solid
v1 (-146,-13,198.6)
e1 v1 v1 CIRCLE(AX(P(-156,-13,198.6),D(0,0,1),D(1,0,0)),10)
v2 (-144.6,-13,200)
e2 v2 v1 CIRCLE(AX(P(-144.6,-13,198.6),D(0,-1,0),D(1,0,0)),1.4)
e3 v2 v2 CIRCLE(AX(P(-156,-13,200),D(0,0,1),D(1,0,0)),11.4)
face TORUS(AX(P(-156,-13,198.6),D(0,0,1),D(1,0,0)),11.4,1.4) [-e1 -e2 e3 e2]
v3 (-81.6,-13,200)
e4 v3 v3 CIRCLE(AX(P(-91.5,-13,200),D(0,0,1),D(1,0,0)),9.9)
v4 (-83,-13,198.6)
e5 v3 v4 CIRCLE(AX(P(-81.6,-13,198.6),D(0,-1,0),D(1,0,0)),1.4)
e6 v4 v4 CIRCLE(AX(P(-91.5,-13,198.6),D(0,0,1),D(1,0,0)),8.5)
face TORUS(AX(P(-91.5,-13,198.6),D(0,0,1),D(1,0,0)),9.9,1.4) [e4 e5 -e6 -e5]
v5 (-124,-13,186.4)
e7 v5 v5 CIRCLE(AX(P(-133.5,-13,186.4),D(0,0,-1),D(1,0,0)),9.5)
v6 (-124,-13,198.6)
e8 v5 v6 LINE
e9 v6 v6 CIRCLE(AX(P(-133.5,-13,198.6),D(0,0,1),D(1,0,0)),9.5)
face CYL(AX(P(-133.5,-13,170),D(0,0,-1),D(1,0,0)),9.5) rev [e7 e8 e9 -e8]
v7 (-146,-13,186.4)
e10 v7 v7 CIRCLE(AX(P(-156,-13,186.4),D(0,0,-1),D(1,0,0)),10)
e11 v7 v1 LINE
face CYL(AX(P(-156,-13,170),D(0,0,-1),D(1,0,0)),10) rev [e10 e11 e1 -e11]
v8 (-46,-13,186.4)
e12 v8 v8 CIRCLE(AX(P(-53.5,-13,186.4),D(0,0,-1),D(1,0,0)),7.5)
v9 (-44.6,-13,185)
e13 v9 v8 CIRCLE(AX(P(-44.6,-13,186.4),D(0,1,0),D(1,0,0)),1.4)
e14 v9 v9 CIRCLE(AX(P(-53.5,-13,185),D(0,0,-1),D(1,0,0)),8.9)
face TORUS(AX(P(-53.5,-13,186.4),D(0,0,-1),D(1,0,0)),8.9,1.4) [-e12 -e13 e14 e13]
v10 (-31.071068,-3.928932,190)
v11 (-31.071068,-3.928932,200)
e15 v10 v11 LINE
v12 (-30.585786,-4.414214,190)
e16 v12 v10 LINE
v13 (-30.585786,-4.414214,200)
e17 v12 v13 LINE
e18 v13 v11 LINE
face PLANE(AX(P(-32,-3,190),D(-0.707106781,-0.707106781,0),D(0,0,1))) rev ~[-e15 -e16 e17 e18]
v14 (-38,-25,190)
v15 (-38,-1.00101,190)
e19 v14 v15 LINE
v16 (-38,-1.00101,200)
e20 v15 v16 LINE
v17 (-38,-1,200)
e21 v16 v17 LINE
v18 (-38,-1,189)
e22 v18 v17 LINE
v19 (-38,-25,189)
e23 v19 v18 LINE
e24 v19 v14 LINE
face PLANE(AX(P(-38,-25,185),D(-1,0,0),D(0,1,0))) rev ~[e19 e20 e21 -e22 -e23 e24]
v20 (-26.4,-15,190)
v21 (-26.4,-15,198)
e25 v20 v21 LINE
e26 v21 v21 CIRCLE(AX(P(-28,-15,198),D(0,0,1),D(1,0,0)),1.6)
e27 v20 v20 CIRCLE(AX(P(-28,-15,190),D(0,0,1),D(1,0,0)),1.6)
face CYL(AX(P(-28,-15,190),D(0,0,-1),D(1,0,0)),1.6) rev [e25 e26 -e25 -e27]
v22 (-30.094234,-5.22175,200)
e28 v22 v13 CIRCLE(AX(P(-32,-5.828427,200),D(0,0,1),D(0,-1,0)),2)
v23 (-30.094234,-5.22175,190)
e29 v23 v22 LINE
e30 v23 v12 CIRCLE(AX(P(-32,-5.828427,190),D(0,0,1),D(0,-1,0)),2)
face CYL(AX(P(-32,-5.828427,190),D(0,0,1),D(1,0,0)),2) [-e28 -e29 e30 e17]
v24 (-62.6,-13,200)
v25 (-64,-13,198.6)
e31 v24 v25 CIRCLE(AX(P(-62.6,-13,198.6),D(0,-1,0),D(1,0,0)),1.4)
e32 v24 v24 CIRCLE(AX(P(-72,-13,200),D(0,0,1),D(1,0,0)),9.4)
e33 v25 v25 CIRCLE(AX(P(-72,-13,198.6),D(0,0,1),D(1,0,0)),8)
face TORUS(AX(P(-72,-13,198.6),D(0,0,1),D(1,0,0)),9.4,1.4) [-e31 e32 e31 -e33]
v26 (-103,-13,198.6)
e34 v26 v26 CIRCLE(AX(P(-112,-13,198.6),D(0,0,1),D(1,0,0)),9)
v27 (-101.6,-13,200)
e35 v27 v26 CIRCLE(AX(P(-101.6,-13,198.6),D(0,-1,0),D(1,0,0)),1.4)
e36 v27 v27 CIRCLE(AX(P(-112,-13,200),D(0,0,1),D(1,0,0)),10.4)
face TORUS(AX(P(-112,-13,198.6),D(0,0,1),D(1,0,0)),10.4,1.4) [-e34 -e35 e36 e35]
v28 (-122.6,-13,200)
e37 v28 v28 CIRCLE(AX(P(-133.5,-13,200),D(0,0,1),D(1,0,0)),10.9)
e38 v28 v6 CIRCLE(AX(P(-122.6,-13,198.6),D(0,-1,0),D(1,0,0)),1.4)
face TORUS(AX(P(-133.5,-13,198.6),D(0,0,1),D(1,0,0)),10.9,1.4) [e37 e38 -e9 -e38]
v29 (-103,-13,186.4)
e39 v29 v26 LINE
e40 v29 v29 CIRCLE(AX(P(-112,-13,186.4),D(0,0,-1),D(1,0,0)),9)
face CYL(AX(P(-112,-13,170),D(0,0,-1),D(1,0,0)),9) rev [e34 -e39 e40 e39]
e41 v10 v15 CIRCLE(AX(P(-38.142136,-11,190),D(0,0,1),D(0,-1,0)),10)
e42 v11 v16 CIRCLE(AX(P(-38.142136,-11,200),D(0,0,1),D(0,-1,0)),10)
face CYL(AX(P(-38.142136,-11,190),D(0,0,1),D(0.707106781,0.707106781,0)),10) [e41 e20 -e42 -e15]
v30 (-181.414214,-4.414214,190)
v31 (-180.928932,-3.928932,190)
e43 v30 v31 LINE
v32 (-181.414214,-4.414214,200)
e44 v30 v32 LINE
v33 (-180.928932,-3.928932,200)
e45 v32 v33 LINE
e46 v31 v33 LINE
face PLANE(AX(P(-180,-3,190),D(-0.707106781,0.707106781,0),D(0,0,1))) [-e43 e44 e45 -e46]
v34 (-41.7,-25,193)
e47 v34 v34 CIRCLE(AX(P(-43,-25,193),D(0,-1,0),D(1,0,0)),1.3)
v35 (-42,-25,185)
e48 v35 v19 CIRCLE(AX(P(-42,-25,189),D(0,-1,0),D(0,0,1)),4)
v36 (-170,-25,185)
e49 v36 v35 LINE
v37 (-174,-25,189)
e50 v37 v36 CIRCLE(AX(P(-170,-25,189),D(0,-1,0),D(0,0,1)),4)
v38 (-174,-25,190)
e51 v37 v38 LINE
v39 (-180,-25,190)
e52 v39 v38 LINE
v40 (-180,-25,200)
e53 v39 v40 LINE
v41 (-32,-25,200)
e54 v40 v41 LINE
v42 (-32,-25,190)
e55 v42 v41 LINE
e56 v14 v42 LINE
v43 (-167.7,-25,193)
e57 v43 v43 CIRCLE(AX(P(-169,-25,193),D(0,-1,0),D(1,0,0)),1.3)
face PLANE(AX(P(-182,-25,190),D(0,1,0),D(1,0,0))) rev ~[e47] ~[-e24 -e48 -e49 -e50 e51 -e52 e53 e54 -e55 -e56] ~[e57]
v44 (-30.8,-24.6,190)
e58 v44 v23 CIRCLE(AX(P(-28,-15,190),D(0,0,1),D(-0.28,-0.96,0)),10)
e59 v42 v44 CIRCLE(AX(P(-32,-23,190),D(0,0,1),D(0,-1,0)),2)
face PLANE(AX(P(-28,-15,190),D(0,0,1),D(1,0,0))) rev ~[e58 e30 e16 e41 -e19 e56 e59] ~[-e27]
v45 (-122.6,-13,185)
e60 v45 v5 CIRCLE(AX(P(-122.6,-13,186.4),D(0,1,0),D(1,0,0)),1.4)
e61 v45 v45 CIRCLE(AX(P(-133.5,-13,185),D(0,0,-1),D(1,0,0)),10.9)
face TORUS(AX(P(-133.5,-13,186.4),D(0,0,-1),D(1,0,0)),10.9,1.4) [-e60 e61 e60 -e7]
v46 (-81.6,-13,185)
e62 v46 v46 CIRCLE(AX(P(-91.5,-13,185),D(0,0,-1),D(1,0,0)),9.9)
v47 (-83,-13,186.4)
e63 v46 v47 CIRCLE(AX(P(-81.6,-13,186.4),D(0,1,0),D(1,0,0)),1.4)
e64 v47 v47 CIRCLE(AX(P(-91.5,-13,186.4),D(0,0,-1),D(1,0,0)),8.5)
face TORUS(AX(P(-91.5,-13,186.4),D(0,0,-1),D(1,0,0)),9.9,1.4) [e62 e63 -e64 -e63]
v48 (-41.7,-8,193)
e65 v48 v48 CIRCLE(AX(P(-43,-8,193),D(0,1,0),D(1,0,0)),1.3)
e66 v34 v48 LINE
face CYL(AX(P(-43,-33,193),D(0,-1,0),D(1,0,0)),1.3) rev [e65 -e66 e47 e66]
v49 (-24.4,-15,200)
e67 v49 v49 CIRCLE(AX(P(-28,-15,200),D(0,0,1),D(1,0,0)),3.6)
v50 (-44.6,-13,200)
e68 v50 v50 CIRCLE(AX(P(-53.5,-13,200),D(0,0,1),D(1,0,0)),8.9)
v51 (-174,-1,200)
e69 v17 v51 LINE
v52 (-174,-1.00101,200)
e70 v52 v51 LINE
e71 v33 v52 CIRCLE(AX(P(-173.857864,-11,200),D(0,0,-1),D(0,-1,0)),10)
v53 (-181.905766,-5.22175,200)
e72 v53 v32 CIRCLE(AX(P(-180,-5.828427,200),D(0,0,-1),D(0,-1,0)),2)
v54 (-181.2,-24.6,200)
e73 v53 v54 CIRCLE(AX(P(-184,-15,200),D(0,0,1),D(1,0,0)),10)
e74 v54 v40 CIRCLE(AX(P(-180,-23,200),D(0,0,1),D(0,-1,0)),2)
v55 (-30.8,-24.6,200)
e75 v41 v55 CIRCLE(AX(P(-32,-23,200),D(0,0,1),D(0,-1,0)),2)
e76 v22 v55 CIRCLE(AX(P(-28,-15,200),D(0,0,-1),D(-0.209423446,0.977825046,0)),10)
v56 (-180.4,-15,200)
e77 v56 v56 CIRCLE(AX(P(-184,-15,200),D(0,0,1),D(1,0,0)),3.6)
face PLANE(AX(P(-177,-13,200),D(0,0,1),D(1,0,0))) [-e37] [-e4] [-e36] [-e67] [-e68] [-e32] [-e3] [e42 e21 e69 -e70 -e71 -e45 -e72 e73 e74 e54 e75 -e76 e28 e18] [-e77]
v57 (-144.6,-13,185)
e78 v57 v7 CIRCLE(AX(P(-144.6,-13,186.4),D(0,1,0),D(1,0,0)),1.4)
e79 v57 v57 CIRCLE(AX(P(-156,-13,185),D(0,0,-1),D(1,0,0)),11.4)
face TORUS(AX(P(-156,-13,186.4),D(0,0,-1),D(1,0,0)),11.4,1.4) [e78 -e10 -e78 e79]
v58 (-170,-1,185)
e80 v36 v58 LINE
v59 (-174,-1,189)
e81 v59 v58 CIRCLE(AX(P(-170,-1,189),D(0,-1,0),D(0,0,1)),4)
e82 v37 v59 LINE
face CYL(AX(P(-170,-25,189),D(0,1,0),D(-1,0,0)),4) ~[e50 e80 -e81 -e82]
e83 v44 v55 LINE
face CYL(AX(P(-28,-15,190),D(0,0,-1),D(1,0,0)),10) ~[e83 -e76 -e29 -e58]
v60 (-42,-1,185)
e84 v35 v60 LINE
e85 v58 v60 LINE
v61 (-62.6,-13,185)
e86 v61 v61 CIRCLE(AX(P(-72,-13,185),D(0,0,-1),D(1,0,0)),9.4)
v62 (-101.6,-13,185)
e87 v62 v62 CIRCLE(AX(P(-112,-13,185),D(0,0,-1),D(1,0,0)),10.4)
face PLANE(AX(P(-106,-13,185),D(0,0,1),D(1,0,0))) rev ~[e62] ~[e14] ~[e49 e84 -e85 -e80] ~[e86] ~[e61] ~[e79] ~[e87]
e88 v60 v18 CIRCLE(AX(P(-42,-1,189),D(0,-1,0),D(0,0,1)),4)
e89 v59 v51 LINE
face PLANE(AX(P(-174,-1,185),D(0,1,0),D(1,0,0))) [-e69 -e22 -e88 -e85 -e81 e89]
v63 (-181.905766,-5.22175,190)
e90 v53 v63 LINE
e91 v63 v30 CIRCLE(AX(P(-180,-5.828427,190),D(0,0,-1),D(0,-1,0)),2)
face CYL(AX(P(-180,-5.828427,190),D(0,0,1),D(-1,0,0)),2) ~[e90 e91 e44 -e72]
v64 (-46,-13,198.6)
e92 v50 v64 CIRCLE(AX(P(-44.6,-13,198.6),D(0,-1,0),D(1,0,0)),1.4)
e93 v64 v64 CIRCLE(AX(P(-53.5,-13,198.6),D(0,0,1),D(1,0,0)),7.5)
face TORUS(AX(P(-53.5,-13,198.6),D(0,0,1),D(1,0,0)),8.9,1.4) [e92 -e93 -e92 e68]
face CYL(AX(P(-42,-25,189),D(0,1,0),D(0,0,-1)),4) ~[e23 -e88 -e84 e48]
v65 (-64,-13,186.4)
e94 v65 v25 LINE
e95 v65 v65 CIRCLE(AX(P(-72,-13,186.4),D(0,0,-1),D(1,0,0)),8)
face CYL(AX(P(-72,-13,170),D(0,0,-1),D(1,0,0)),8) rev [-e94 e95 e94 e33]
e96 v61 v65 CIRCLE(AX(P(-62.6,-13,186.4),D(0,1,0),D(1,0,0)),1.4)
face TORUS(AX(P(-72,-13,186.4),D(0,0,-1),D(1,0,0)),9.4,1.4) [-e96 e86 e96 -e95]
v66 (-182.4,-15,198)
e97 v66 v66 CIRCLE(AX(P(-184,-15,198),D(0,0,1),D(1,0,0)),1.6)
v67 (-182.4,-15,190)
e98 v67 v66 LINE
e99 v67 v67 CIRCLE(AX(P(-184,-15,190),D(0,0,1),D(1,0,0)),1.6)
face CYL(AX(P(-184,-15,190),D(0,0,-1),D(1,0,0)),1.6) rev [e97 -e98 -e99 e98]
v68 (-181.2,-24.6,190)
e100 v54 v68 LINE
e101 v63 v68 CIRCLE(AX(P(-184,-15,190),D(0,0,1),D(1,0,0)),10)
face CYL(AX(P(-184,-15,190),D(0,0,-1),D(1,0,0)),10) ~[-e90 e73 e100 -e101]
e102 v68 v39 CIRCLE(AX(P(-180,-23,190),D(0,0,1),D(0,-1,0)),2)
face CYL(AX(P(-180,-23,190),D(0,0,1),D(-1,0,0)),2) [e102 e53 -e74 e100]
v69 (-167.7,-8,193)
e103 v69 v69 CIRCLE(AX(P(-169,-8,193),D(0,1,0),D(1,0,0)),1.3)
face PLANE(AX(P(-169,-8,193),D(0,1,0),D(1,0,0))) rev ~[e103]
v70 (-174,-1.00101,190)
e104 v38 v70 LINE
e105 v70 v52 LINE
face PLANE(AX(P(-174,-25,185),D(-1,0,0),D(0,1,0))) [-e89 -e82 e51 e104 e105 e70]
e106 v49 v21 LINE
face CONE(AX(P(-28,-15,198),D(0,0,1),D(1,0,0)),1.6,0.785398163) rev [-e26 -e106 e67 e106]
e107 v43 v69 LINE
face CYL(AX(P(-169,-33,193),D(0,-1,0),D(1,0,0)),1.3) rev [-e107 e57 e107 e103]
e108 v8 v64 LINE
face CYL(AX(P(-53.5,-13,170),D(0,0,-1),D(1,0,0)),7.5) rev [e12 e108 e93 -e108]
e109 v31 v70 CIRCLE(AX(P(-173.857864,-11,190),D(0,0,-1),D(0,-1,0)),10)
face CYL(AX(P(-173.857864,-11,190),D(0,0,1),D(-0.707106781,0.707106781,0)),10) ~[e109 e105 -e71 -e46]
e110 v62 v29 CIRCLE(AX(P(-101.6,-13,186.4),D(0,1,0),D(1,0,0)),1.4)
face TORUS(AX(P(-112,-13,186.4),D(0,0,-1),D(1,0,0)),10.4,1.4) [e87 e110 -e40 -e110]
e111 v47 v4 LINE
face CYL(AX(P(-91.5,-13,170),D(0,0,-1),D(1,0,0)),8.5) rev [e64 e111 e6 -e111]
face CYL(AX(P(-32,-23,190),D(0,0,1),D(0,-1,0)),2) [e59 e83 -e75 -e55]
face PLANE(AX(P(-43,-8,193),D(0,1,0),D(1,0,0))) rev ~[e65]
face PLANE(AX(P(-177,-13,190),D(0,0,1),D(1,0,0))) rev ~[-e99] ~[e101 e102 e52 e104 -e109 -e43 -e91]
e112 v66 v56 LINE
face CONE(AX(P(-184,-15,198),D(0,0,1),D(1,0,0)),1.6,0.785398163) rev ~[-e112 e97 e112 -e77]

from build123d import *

# Parameters (mm, degrees)
BOX007_W          = 10
BOX007_H          = 24
BOX007_DEPTH      = 10
FILLET034_R       = 2
CHAMFER004_SIZE   = 4
FILLET035_R       = 2
FILLET036_R       = 10
BOX008_W          = 10
BOX008_H          = 24
BOX008_DEPTH      = 10
FILLET037_R       = 2
CHAMFER005_SIZE   = 4
FILLET038_R       = 2
FILLET039_R       = 10
TUBE005_R         = 10
TUBE005_R_2       = 1.6
TUBE005_DEPTH     = 10
TUBE004_R         = 10
TUBE004_R_2       = 1.6
TUBE004_DEPTH     = 10
CHAMFER006_SIZE   = 2
CYLINDER026_R     = 1.3
CYLINDER026_DEPTH = 25
CYLINDER025_R     = 1.3
CYLINDER025_DEPTH = 25
CYLINDER020_R     = 9.5
CYLINDER020_DEPTH = 30
CYLINDER021_R     = 9
CYLINDER021_DEPTH = 30
CYLINDER022_R     = 8.5
CYLINDER022_DEPTH = 30
CYLINDER023_R     = 8
CYLINDER023_DEPTH = 30
CYLINDER024_R     = 7.5
CYLINDER024_DEPTH = 30
CYLINDER019_R     = 10
CYLINDER019_DEPTH = 30
BOX006_W          = 136
BOX006_H          = 24
BOX006_DEPTH      = 15
FILLET040_R       = 4
FILLET041_R       = 1.4


with BuildPart() as fillet036:
    # Box007 → Box007 (new body)
    with BuildSketch(Plane(origin=(-26, -12, 0), x_dir=(1, 0, 0), z_dir=(0, 0, 1))):
        with Locations((5, 12)):
            Rectangle(BOX007_W, BOX007_H)
    extrude(amount=BOX007_DEPTH)

    # Fillet034
    fillet034_edges = [fillet036.edges().sort_by_distance(p)[0] for p in [
        (-26, -12, 5),
    ]]
    fillet(fillet034_edges, radius=FILLET034_R)

    # Chamfer004
    chamfer004_edges = [fillet036.edges().sort_by_distance(p)[0] for p in [
        (-26, 12, 5),
    ]]
    chamfer(chamfer004_edges, length=CHAMFER004_SIZE)

    # Fillet035
    fillet035_edges = [fillet036.edges().sort_by_distance(p)[0] for p in [
        (-26, 8, 5),
    ]]
    fillet(fillet035_edges, radius=FILLET035_R)

    # Fillet036
    fillet036_edges = [fillet036.edges().sort_by_distance(p)[0] for p in [
        (-22, 12, 5),
    ]]
    fillet(fillet036_edges, radius=FILLET036_R)


with BuildPart() as fillet039:
    # Box008 → Box008 (new body)
    with BuildSketch(Plane(origin=(116, -12, 0), x_dir=(1, 0, 0), z_dir=(0, 0, 1))):
        with Locations((5, 12)):
            Rectangle(BOX008_W, BOX008_H)
    extrude(amount=BOX008_DEPTH)

    # Fillet037
    fillet037_edges = [fillet039.edges().sort_by_distance(p)[0] for p in [
        (126, -12, 5),
    ]]
    fillet(fillet037_edges, radius=FILLET037_R)

    # Chamfer005
    chamfer005_edges = [fillet039.edges().sort_by_distance(p)[0] for p in [
        (126, 12, 5),
    ]]
    chamfer(chamfer005_edges, length=CHAMFER005_SIZE)

    # Fillet038
    fillet038_edges = [fillet039.edges().sort_by_distance(p)[0] for p in [
        (126, 8, 5),
    ]]
    fillet(fillet038_edges, radius=FILLET038_R)

    # Fillet039
    fillet039_edges = [fillet039.edges().sort_by_distance(p)[0] for p in [
        (122, 12, 5),
    ]]
    fillet(fillet039_edges, radius=FILLET039_R)


with BuildPart() as tube005:
    # Tube005 → Tube005 (new body)
    with BuildSketch(Plane(origin=(128, -2, 0), x_dir=(1, 0, 0), z_dir=(0, 0, 1))):
        Circle(TUBE005_R)
        Circle(TUBE005_R_2, mode=Mode.SUBTRACT)
    extrude(amount=TUBE005_DEPTH)


with BuildPart() as chamfer006:
    # Tube004 → Tube004 (new body)
    with BuildSketch(Plane(origin=(-28, -2, 0), x_dir=(1, 0, 0), z_dir=(0, 0, 1))):
        Circle(TUBE004_R)
        Circle(TUBE004_R_2, mode=Mode.SUBTRACT)
    extrude(amount=TUBE004_DEPTH)

    # Fusion010: union Fillet036, Fillet039, Tube005
    add(fillet036.part)
    add(fillet039.part)
    add(tube005.part)


with BuildPart() as chamfer006_1:
    # Fusion010 placement: moved
    add(chamfer006.part.moved(Location((0, 0, 20))))

    # Chamfer006
    chamfer006_edges = [chamfer006_1.edges().sort_by_distance(p)[0] for p in [
        (-29.6, -2, 30),
        (126.4, -2, 30),
    ]]
    chamfer(chamfer006_edges, length=CHAMFER006_SIZE)


with BuildPart() as screwholle006:
    # Cylinder026 → Cylinder026 (new body)
    with BuildSketch(Plane(origin=(113, -20, 23), x_dir=(1, 0, 0), z_dir=(0, 1, 0))):
        Circle(CYLINDER026_R)
    extrude(amount=CYLINDER026_DEPTH)


with BuildPart() as fusion011:
    # Cylinder025 → Cylinder025 (new body)
    with BuildSketch(Plane(origin=(-13, -20, 23), x_dir=(1, 0, 0), z_dir=(0, 1, 0))):
        Circle(CYLINDER025_R)
    extrude(amount=CYLINDER025_DEPTH)

    # Fusion011: union ScrewHolle006
    add(screwholle006.part)


with BuildPart() as cylinder020:
    # Cylinder020 → Cylinder020 (new body)
    with BuildSketch(Plane(origin=(22.5, 0, 0), x_dir=(1, 0, 0), z_dir=(0, 0, 1))):
        Circle(CYLINDER020_R)
    extrude(amount=CYLINDER020_DEPTH)


with BuildPart() as cylinder021:
    # Cylinder021 → Cylinder021 (new body)
    with BuildSketch(Plane(origin=(44, 0, 0), x_dir=(1, 0, 0), z_dir=(0, 0, 1))):
        Circle(CYLINDER021_R)
    extrude(amount=CYLINDER021_DEPTH)


with BuildPart() as cylinder022:
    # Cylinder022 → Cylinder022 (new body)
    with BuildSketch(Plane(origin=(64.5, 0, 0), x_dir=(1, 0, 0), z_dir=(0, 0, 1))):
        Circle(CYLINDER022_R)
    extrude(amount=CYLINDER022_DEPTH)


with BuildPart() as cylinder023:
    # Cylinder023 → Cylinder023 (new body)
    with BuildSketch(Plane(origin=(84, 0, 0), x_dir=(1, 0, 0), z_dir=(0, 0, 1))):
        Circle(CYLINDER023_R)
    extrude(amount=CYLINDER023_DEPTH)


with BuildPart() as cylinder024:
    # Cylinder024 → Cylinder024 (new body)
    with BuildSketch(Plane(origin=(102.5, 0, 0), x_dir=(1, 0, 0), z_dir=(0, 0, 1))):
        Circle(CYLINDER024_R)
    extrude(amount=CYLINDER024_DEPTH)


with BuildPart() as fusion009:
    # Cylinder019 → Cylinder019 (new body)
    with BuildSketch(Plane.XY):
        Circle(CYLINDER019_R)
    extrude(amount=CYLINDER019_DEPTH)

    # Fusion009: union Cylinder020, Cylinder021, Cylinder022, Cylinder023, Cylinder024
    add(cylinder020.part)
    add(cylinder021.part)
    add(cylinder022.part)
    add(cylinder023.part)
    add(cylinder024.part)


with BuildPart() as top_l:
    # Box006 → Box006 (new body)
    with BuildSketch(Plane(origin=(-18, -12, 15), x_dir=(1, 0, 0), z_dir=(0, 0, 1))):
        with Locations((68, 12)):
            Rectangle(BOX006_W, BOX006_H)
    extrude(amount=BOX006_DEPTH)

    # Cut003: cut Fusion009
    add(fusion009.part, mode=Mode.SUBTRACT)

    # Fillet040
    fillet040_edges = [top_l.edges().sort_by_distance(p)[0] for p in [
        (-18, 0, 15),
        (118, 0, 15),
    ]]
    fillet(fillet040_edges, radius=FILLET040_R)

    # Fillet041
    fillet041_edges = [top_l.edges().sort_by_distance(p)[0] for p in [
        (-10, 0, 30),
        (13, 0, 30),
        (35, 0, 30),
        (56, 0, 30),
        (76, 0, 30),
        (95, 0, 30),
        (-10, 0, 15),
        (13, 0, 15),
        (35, 0, 15),
        (56, 0, 15),
        (76, 0, 15),
        (95, 0, 15),
    ]]
    fillet(fillet041_edges, radius=FILLET041_R)

    # Cut004: cut Fusion011
    add(fusion011.part, mode=Mode.SUBTRACT)

    # Fusion012: union Chamfer006
    add(chamfer006_1.part)


with BuildPart() as top_l_1:
    # Fusion012 placement: moved
    add(top_l.part.moved(Location((-156, -13, 170))))


solid = top_l_1.part
